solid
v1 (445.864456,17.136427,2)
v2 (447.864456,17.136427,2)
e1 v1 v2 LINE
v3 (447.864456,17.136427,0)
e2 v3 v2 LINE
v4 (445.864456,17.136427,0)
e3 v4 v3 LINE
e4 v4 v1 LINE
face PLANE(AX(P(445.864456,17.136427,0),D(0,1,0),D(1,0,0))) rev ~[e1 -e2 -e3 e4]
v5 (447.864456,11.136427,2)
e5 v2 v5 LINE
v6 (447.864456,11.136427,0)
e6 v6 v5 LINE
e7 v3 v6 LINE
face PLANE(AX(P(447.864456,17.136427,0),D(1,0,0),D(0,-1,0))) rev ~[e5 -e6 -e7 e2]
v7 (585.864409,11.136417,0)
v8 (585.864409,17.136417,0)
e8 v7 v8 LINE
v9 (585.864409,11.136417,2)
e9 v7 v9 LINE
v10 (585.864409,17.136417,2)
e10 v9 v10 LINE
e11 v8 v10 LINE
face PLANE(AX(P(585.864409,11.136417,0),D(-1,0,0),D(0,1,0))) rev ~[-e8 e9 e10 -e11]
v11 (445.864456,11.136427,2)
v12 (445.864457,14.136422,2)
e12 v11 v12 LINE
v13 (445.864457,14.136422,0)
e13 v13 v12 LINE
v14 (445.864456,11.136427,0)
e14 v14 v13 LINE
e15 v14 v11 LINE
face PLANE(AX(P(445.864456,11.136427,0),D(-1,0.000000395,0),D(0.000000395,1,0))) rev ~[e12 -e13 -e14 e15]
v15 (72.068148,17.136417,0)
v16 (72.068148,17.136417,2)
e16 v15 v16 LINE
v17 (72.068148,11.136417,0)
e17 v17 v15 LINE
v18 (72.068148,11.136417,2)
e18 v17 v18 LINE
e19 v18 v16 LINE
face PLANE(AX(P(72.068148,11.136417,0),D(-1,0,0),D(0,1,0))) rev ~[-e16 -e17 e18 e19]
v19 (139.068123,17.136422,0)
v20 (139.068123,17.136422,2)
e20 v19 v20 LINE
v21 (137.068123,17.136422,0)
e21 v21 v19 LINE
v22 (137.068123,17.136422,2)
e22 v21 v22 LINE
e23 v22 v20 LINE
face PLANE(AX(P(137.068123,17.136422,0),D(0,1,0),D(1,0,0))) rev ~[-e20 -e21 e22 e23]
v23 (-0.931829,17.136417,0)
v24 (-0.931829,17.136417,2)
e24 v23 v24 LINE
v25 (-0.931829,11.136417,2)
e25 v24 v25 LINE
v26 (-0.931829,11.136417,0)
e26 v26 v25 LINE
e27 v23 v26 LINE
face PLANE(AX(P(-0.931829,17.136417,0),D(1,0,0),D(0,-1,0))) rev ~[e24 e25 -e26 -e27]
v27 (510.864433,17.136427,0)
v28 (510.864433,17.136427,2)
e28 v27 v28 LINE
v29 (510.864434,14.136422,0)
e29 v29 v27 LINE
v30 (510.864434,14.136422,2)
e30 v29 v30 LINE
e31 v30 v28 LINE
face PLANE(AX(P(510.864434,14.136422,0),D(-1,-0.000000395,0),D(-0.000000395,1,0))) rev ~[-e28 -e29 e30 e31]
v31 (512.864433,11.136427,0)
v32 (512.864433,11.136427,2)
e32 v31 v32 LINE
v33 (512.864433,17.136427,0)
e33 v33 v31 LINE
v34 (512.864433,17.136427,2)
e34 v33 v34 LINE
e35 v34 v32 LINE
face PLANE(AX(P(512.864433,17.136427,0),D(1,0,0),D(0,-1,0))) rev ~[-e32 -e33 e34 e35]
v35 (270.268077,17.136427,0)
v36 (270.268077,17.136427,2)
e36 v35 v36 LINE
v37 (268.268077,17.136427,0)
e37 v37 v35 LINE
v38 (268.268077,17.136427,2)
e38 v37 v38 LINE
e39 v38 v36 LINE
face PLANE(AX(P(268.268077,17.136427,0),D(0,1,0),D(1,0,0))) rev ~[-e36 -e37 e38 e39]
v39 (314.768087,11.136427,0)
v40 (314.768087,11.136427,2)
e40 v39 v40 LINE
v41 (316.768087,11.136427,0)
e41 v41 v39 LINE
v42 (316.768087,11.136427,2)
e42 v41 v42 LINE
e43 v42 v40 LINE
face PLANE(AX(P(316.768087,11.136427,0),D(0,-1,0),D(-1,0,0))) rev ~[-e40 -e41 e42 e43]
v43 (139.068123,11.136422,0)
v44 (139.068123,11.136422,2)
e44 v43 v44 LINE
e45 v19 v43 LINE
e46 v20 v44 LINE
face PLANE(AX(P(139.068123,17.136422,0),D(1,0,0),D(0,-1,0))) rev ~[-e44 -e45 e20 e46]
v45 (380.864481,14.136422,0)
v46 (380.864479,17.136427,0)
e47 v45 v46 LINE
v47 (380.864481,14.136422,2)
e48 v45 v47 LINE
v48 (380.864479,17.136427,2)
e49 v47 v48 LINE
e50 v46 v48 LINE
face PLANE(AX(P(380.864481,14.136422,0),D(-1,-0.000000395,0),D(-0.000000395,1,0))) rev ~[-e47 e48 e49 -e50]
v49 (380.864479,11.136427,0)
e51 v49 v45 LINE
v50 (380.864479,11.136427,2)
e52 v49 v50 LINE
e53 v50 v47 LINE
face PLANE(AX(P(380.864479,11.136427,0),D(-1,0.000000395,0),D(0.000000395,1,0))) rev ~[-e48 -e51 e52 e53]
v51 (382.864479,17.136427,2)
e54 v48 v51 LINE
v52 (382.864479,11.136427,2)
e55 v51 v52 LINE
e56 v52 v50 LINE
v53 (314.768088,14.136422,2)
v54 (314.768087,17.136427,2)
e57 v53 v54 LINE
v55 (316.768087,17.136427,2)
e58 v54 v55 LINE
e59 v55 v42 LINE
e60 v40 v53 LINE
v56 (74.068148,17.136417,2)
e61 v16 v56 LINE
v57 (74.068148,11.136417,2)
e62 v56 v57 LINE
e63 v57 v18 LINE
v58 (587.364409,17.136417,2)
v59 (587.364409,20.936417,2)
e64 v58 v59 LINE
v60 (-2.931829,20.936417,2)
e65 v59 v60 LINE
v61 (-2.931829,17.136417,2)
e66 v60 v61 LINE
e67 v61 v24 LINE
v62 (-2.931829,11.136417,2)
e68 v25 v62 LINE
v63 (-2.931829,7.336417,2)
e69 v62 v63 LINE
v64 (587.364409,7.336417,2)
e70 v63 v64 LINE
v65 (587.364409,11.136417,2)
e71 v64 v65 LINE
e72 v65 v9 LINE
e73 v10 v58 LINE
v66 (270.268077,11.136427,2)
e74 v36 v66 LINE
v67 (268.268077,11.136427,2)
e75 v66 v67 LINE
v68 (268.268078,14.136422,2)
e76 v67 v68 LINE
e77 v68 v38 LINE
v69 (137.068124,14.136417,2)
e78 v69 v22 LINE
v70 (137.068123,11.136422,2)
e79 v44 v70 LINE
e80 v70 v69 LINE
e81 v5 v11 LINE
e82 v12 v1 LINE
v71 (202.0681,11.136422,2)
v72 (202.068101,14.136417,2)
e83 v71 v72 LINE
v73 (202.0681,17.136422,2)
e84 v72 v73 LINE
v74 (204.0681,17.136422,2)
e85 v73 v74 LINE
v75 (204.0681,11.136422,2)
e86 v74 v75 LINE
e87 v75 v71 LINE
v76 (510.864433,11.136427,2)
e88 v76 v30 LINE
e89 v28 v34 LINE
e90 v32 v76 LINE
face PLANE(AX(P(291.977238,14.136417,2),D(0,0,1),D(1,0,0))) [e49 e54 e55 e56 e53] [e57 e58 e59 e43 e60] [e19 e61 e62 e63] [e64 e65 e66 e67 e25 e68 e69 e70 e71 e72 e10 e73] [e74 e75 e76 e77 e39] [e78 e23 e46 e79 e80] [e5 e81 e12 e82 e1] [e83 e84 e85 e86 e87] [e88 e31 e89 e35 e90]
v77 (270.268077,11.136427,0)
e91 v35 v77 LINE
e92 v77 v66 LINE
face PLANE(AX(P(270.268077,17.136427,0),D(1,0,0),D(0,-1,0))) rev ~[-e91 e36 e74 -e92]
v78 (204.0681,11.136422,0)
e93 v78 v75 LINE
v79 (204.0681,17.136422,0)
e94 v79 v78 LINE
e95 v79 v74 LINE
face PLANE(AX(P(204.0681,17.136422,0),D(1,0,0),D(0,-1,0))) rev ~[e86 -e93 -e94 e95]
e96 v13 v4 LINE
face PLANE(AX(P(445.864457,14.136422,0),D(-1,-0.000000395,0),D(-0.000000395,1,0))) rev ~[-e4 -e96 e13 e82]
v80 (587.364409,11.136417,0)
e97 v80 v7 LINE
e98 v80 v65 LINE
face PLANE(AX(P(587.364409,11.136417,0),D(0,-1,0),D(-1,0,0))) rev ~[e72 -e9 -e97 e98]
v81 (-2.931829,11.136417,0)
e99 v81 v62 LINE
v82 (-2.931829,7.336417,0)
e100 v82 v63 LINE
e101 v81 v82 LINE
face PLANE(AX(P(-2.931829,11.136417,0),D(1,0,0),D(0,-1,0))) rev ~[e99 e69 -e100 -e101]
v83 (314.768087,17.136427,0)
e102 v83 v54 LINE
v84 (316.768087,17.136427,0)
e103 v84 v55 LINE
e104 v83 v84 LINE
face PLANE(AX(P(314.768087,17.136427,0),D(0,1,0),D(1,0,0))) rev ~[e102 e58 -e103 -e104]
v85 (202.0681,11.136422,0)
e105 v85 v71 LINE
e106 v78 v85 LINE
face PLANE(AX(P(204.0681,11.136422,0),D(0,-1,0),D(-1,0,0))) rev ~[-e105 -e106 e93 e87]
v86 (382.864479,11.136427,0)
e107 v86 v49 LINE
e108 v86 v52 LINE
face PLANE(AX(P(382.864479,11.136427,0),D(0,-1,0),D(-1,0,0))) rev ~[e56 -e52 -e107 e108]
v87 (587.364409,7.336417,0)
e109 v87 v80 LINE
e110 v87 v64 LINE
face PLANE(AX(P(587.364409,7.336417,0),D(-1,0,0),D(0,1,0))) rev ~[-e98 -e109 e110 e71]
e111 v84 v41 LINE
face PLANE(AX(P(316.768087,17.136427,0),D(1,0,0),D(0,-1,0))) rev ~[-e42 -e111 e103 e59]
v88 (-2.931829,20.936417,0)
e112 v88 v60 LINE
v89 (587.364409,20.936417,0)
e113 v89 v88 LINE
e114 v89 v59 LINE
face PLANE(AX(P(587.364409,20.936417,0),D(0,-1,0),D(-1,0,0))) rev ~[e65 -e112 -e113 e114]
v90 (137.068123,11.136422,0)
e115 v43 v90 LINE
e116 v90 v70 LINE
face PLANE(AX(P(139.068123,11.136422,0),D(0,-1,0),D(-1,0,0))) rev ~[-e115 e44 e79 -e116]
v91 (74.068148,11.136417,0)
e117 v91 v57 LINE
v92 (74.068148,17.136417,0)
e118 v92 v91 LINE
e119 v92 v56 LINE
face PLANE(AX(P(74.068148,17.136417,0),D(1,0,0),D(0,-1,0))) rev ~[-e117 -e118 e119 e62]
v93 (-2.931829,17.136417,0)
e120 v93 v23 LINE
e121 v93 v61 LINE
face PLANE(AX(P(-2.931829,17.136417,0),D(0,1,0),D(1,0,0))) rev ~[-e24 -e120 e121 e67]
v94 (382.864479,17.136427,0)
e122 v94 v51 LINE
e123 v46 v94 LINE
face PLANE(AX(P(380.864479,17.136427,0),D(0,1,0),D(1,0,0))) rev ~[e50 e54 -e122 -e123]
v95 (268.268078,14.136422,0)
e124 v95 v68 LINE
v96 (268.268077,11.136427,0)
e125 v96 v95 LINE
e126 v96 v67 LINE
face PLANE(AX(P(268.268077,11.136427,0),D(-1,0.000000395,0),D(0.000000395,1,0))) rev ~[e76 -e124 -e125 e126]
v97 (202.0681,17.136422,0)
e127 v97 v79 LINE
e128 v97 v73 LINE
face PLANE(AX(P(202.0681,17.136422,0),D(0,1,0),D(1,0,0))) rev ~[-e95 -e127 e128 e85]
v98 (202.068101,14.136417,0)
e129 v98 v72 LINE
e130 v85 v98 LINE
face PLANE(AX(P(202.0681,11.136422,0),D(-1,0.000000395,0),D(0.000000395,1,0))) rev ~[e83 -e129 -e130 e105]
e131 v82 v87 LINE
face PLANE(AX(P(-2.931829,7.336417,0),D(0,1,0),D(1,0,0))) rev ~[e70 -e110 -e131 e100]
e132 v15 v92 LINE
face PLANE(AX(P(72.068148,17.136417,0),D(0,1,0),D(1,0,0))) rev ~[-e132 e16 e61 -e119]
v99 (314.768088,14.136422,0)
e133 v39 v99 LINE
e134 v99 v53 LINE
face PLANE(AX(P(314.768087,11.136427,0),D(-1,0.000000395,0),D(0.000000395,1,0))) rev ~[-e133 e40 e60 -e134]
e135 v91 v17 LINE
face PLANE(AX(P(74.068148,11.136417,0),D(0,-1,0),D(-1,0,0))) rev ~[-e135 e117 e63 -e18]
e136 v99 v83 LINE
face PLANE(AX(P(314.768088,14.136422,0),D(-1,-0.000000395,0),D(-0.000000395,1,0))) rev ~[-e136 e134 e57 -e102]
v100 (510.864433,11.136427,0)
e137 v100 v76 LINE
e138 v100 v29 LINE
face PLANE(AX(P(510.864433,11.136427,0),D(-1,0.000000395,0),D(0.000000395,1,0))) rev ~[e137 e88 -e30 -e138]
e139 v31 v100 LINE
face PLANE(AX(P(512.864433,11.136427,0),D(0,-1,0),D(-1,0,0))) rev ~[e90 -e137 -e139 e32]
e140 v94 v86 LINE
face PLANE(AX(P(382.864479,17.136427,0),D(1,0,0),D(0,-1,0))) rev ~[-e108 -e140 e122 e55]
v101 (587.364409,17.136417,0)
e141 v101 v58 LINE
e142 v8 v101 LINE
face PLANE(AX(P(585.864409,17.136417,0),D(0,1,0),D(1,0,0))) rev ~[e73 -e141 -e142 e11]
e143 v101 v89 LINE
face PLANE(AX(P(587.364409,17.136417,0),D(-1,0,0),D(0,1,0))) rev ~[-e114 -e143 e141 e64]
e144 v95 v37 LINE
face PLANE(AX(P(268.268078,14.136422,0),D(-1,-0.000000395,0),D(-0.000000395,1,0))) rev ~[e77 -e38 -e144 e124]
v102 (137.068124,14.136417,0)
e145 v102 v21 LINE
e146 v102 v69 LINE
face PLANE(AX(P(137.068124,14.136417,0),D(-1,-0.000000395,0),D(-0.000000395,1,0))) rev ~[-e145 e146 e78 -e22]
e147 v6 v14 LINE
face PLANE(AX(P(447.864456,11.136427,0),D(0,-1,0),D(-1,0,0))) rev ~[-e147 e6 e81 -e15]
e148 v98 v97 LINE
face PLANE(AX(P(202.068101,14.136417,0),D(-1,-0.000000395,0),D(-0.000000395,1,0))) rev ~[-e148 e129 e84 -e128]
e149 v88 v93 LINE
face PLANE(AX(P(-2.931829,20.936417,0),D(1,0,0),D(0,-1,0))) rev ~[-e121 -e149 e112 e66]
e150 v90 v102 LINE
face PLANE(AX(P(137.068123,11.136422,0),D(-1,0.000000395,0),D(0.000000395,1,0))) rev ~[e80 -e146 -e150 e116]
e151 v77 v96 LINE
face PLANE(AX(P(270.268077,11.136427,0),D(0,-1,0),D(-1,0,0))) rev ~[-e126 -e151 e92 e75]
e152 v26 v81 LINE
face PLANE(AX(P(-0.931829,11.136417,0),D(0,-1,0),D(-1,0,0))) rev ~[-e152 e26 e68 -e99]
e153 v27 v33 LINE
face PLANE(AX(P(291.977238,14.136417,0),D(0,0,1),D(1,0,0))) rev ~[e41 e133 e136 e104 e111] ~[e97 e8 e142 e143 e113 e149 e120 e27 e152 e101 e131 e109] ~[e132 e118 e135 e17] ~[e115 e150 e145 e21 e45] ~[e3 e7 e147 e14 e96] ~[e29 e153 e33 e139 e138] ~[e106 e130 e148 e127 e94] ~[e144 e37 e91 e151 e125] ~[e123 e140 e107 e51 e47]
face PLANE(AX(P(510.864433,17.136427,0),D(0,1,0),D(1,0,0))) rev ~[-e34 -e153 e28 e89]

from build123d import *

# Parameters (mm, degrees)
EXTRUDE_1_DEPTH = 2


with BuildPart() as part:
    # Model → 凸台-拉伸1 (new body)
    with BuildSketch(Plane.XY):
        Polygon((587.364408917, 20.936416671), (-2.931829291, 20.936416671), (-2.931829291, 17.136416671), (-0.931829291, 17.136416671), (-0.931829291, 11.136416671), (-2.931829291, 11.136416671), (-2.931829291, 7.336416671), (587.364408917, 7.336416671), (587.364408917, 11.136416671), (585.864408917, 11.136416671), (585.864408917, 17.136416671), (587.364408917, 17.136416671), align=None)
        Polygon((72.06814754, 14.136416671), (72.06814754, 17.136416671), (74.06814754, 17.136416671), (74.06814754, 11.136416671), (72.06814754, 11.136416671), align=None, mode=Mode.SUBTRACT)
        Polygon((137.068124371, 14.136416671), (137.068123187, 17.136422392), (139.068123187, 17.136422392), (139.068123187, 11.136422392), (137.068123187, 11.136422392), align=None, mode=Mode.SUBTRACT)
        Polygon((202.068101203, 14.136416671), (202.068100018, 17.136422392), (204.068100018, 17.136422392), (204.068100018, 11.136422392), (202.068100018, 11.136422392), align=None, mode=Mode.SUBTRACT)
        Polygon((268.268078197, 14.136421579), (268.268077012, 17.136427299), (270.268077012, 17.136427299), (270.268077012, 11.136427299), (268.268077012, 11.136427299), align=None, mode=Mode.SUBTRACT)
        Polygon((314.768088309, 14.136421579), (314.768087125, 17.136427299), (316.768087125, 17.136427299), (316.768087125, 11.136427299), (314.768087125, 11.136427299), align=None, mode=Mode.SUBTRACT)
        Polygon((380.864480518, 14.136421579), (380.864479333, 17.136427299), (382.864479333, 17.136427299), (382.864479333, 11.136427299), (380.864479333, 11.136427299), align=None, mode=Mode.SUBTRACT)
        Polygon((445.864457349, 14.136421579), (445.864456165, 17.136427299), (447.864456165, 17.136427299), (447.864456165, 11.136427299), (445.864456165, 11.136427299), align=None, mode=Mode.SUBTRACT)
        Polygon((510.86443418, 14.136421579), (510.864432996, 17.136427299), (512.864432996, 17.136427299), (512.864432996, 11.136427299), (510.864432996, 11.136427299), align=None, mode=Mode.SUBTRACT)
    extrude(amount=EXTRUDE_1_DEPTH)


solid = part.part
